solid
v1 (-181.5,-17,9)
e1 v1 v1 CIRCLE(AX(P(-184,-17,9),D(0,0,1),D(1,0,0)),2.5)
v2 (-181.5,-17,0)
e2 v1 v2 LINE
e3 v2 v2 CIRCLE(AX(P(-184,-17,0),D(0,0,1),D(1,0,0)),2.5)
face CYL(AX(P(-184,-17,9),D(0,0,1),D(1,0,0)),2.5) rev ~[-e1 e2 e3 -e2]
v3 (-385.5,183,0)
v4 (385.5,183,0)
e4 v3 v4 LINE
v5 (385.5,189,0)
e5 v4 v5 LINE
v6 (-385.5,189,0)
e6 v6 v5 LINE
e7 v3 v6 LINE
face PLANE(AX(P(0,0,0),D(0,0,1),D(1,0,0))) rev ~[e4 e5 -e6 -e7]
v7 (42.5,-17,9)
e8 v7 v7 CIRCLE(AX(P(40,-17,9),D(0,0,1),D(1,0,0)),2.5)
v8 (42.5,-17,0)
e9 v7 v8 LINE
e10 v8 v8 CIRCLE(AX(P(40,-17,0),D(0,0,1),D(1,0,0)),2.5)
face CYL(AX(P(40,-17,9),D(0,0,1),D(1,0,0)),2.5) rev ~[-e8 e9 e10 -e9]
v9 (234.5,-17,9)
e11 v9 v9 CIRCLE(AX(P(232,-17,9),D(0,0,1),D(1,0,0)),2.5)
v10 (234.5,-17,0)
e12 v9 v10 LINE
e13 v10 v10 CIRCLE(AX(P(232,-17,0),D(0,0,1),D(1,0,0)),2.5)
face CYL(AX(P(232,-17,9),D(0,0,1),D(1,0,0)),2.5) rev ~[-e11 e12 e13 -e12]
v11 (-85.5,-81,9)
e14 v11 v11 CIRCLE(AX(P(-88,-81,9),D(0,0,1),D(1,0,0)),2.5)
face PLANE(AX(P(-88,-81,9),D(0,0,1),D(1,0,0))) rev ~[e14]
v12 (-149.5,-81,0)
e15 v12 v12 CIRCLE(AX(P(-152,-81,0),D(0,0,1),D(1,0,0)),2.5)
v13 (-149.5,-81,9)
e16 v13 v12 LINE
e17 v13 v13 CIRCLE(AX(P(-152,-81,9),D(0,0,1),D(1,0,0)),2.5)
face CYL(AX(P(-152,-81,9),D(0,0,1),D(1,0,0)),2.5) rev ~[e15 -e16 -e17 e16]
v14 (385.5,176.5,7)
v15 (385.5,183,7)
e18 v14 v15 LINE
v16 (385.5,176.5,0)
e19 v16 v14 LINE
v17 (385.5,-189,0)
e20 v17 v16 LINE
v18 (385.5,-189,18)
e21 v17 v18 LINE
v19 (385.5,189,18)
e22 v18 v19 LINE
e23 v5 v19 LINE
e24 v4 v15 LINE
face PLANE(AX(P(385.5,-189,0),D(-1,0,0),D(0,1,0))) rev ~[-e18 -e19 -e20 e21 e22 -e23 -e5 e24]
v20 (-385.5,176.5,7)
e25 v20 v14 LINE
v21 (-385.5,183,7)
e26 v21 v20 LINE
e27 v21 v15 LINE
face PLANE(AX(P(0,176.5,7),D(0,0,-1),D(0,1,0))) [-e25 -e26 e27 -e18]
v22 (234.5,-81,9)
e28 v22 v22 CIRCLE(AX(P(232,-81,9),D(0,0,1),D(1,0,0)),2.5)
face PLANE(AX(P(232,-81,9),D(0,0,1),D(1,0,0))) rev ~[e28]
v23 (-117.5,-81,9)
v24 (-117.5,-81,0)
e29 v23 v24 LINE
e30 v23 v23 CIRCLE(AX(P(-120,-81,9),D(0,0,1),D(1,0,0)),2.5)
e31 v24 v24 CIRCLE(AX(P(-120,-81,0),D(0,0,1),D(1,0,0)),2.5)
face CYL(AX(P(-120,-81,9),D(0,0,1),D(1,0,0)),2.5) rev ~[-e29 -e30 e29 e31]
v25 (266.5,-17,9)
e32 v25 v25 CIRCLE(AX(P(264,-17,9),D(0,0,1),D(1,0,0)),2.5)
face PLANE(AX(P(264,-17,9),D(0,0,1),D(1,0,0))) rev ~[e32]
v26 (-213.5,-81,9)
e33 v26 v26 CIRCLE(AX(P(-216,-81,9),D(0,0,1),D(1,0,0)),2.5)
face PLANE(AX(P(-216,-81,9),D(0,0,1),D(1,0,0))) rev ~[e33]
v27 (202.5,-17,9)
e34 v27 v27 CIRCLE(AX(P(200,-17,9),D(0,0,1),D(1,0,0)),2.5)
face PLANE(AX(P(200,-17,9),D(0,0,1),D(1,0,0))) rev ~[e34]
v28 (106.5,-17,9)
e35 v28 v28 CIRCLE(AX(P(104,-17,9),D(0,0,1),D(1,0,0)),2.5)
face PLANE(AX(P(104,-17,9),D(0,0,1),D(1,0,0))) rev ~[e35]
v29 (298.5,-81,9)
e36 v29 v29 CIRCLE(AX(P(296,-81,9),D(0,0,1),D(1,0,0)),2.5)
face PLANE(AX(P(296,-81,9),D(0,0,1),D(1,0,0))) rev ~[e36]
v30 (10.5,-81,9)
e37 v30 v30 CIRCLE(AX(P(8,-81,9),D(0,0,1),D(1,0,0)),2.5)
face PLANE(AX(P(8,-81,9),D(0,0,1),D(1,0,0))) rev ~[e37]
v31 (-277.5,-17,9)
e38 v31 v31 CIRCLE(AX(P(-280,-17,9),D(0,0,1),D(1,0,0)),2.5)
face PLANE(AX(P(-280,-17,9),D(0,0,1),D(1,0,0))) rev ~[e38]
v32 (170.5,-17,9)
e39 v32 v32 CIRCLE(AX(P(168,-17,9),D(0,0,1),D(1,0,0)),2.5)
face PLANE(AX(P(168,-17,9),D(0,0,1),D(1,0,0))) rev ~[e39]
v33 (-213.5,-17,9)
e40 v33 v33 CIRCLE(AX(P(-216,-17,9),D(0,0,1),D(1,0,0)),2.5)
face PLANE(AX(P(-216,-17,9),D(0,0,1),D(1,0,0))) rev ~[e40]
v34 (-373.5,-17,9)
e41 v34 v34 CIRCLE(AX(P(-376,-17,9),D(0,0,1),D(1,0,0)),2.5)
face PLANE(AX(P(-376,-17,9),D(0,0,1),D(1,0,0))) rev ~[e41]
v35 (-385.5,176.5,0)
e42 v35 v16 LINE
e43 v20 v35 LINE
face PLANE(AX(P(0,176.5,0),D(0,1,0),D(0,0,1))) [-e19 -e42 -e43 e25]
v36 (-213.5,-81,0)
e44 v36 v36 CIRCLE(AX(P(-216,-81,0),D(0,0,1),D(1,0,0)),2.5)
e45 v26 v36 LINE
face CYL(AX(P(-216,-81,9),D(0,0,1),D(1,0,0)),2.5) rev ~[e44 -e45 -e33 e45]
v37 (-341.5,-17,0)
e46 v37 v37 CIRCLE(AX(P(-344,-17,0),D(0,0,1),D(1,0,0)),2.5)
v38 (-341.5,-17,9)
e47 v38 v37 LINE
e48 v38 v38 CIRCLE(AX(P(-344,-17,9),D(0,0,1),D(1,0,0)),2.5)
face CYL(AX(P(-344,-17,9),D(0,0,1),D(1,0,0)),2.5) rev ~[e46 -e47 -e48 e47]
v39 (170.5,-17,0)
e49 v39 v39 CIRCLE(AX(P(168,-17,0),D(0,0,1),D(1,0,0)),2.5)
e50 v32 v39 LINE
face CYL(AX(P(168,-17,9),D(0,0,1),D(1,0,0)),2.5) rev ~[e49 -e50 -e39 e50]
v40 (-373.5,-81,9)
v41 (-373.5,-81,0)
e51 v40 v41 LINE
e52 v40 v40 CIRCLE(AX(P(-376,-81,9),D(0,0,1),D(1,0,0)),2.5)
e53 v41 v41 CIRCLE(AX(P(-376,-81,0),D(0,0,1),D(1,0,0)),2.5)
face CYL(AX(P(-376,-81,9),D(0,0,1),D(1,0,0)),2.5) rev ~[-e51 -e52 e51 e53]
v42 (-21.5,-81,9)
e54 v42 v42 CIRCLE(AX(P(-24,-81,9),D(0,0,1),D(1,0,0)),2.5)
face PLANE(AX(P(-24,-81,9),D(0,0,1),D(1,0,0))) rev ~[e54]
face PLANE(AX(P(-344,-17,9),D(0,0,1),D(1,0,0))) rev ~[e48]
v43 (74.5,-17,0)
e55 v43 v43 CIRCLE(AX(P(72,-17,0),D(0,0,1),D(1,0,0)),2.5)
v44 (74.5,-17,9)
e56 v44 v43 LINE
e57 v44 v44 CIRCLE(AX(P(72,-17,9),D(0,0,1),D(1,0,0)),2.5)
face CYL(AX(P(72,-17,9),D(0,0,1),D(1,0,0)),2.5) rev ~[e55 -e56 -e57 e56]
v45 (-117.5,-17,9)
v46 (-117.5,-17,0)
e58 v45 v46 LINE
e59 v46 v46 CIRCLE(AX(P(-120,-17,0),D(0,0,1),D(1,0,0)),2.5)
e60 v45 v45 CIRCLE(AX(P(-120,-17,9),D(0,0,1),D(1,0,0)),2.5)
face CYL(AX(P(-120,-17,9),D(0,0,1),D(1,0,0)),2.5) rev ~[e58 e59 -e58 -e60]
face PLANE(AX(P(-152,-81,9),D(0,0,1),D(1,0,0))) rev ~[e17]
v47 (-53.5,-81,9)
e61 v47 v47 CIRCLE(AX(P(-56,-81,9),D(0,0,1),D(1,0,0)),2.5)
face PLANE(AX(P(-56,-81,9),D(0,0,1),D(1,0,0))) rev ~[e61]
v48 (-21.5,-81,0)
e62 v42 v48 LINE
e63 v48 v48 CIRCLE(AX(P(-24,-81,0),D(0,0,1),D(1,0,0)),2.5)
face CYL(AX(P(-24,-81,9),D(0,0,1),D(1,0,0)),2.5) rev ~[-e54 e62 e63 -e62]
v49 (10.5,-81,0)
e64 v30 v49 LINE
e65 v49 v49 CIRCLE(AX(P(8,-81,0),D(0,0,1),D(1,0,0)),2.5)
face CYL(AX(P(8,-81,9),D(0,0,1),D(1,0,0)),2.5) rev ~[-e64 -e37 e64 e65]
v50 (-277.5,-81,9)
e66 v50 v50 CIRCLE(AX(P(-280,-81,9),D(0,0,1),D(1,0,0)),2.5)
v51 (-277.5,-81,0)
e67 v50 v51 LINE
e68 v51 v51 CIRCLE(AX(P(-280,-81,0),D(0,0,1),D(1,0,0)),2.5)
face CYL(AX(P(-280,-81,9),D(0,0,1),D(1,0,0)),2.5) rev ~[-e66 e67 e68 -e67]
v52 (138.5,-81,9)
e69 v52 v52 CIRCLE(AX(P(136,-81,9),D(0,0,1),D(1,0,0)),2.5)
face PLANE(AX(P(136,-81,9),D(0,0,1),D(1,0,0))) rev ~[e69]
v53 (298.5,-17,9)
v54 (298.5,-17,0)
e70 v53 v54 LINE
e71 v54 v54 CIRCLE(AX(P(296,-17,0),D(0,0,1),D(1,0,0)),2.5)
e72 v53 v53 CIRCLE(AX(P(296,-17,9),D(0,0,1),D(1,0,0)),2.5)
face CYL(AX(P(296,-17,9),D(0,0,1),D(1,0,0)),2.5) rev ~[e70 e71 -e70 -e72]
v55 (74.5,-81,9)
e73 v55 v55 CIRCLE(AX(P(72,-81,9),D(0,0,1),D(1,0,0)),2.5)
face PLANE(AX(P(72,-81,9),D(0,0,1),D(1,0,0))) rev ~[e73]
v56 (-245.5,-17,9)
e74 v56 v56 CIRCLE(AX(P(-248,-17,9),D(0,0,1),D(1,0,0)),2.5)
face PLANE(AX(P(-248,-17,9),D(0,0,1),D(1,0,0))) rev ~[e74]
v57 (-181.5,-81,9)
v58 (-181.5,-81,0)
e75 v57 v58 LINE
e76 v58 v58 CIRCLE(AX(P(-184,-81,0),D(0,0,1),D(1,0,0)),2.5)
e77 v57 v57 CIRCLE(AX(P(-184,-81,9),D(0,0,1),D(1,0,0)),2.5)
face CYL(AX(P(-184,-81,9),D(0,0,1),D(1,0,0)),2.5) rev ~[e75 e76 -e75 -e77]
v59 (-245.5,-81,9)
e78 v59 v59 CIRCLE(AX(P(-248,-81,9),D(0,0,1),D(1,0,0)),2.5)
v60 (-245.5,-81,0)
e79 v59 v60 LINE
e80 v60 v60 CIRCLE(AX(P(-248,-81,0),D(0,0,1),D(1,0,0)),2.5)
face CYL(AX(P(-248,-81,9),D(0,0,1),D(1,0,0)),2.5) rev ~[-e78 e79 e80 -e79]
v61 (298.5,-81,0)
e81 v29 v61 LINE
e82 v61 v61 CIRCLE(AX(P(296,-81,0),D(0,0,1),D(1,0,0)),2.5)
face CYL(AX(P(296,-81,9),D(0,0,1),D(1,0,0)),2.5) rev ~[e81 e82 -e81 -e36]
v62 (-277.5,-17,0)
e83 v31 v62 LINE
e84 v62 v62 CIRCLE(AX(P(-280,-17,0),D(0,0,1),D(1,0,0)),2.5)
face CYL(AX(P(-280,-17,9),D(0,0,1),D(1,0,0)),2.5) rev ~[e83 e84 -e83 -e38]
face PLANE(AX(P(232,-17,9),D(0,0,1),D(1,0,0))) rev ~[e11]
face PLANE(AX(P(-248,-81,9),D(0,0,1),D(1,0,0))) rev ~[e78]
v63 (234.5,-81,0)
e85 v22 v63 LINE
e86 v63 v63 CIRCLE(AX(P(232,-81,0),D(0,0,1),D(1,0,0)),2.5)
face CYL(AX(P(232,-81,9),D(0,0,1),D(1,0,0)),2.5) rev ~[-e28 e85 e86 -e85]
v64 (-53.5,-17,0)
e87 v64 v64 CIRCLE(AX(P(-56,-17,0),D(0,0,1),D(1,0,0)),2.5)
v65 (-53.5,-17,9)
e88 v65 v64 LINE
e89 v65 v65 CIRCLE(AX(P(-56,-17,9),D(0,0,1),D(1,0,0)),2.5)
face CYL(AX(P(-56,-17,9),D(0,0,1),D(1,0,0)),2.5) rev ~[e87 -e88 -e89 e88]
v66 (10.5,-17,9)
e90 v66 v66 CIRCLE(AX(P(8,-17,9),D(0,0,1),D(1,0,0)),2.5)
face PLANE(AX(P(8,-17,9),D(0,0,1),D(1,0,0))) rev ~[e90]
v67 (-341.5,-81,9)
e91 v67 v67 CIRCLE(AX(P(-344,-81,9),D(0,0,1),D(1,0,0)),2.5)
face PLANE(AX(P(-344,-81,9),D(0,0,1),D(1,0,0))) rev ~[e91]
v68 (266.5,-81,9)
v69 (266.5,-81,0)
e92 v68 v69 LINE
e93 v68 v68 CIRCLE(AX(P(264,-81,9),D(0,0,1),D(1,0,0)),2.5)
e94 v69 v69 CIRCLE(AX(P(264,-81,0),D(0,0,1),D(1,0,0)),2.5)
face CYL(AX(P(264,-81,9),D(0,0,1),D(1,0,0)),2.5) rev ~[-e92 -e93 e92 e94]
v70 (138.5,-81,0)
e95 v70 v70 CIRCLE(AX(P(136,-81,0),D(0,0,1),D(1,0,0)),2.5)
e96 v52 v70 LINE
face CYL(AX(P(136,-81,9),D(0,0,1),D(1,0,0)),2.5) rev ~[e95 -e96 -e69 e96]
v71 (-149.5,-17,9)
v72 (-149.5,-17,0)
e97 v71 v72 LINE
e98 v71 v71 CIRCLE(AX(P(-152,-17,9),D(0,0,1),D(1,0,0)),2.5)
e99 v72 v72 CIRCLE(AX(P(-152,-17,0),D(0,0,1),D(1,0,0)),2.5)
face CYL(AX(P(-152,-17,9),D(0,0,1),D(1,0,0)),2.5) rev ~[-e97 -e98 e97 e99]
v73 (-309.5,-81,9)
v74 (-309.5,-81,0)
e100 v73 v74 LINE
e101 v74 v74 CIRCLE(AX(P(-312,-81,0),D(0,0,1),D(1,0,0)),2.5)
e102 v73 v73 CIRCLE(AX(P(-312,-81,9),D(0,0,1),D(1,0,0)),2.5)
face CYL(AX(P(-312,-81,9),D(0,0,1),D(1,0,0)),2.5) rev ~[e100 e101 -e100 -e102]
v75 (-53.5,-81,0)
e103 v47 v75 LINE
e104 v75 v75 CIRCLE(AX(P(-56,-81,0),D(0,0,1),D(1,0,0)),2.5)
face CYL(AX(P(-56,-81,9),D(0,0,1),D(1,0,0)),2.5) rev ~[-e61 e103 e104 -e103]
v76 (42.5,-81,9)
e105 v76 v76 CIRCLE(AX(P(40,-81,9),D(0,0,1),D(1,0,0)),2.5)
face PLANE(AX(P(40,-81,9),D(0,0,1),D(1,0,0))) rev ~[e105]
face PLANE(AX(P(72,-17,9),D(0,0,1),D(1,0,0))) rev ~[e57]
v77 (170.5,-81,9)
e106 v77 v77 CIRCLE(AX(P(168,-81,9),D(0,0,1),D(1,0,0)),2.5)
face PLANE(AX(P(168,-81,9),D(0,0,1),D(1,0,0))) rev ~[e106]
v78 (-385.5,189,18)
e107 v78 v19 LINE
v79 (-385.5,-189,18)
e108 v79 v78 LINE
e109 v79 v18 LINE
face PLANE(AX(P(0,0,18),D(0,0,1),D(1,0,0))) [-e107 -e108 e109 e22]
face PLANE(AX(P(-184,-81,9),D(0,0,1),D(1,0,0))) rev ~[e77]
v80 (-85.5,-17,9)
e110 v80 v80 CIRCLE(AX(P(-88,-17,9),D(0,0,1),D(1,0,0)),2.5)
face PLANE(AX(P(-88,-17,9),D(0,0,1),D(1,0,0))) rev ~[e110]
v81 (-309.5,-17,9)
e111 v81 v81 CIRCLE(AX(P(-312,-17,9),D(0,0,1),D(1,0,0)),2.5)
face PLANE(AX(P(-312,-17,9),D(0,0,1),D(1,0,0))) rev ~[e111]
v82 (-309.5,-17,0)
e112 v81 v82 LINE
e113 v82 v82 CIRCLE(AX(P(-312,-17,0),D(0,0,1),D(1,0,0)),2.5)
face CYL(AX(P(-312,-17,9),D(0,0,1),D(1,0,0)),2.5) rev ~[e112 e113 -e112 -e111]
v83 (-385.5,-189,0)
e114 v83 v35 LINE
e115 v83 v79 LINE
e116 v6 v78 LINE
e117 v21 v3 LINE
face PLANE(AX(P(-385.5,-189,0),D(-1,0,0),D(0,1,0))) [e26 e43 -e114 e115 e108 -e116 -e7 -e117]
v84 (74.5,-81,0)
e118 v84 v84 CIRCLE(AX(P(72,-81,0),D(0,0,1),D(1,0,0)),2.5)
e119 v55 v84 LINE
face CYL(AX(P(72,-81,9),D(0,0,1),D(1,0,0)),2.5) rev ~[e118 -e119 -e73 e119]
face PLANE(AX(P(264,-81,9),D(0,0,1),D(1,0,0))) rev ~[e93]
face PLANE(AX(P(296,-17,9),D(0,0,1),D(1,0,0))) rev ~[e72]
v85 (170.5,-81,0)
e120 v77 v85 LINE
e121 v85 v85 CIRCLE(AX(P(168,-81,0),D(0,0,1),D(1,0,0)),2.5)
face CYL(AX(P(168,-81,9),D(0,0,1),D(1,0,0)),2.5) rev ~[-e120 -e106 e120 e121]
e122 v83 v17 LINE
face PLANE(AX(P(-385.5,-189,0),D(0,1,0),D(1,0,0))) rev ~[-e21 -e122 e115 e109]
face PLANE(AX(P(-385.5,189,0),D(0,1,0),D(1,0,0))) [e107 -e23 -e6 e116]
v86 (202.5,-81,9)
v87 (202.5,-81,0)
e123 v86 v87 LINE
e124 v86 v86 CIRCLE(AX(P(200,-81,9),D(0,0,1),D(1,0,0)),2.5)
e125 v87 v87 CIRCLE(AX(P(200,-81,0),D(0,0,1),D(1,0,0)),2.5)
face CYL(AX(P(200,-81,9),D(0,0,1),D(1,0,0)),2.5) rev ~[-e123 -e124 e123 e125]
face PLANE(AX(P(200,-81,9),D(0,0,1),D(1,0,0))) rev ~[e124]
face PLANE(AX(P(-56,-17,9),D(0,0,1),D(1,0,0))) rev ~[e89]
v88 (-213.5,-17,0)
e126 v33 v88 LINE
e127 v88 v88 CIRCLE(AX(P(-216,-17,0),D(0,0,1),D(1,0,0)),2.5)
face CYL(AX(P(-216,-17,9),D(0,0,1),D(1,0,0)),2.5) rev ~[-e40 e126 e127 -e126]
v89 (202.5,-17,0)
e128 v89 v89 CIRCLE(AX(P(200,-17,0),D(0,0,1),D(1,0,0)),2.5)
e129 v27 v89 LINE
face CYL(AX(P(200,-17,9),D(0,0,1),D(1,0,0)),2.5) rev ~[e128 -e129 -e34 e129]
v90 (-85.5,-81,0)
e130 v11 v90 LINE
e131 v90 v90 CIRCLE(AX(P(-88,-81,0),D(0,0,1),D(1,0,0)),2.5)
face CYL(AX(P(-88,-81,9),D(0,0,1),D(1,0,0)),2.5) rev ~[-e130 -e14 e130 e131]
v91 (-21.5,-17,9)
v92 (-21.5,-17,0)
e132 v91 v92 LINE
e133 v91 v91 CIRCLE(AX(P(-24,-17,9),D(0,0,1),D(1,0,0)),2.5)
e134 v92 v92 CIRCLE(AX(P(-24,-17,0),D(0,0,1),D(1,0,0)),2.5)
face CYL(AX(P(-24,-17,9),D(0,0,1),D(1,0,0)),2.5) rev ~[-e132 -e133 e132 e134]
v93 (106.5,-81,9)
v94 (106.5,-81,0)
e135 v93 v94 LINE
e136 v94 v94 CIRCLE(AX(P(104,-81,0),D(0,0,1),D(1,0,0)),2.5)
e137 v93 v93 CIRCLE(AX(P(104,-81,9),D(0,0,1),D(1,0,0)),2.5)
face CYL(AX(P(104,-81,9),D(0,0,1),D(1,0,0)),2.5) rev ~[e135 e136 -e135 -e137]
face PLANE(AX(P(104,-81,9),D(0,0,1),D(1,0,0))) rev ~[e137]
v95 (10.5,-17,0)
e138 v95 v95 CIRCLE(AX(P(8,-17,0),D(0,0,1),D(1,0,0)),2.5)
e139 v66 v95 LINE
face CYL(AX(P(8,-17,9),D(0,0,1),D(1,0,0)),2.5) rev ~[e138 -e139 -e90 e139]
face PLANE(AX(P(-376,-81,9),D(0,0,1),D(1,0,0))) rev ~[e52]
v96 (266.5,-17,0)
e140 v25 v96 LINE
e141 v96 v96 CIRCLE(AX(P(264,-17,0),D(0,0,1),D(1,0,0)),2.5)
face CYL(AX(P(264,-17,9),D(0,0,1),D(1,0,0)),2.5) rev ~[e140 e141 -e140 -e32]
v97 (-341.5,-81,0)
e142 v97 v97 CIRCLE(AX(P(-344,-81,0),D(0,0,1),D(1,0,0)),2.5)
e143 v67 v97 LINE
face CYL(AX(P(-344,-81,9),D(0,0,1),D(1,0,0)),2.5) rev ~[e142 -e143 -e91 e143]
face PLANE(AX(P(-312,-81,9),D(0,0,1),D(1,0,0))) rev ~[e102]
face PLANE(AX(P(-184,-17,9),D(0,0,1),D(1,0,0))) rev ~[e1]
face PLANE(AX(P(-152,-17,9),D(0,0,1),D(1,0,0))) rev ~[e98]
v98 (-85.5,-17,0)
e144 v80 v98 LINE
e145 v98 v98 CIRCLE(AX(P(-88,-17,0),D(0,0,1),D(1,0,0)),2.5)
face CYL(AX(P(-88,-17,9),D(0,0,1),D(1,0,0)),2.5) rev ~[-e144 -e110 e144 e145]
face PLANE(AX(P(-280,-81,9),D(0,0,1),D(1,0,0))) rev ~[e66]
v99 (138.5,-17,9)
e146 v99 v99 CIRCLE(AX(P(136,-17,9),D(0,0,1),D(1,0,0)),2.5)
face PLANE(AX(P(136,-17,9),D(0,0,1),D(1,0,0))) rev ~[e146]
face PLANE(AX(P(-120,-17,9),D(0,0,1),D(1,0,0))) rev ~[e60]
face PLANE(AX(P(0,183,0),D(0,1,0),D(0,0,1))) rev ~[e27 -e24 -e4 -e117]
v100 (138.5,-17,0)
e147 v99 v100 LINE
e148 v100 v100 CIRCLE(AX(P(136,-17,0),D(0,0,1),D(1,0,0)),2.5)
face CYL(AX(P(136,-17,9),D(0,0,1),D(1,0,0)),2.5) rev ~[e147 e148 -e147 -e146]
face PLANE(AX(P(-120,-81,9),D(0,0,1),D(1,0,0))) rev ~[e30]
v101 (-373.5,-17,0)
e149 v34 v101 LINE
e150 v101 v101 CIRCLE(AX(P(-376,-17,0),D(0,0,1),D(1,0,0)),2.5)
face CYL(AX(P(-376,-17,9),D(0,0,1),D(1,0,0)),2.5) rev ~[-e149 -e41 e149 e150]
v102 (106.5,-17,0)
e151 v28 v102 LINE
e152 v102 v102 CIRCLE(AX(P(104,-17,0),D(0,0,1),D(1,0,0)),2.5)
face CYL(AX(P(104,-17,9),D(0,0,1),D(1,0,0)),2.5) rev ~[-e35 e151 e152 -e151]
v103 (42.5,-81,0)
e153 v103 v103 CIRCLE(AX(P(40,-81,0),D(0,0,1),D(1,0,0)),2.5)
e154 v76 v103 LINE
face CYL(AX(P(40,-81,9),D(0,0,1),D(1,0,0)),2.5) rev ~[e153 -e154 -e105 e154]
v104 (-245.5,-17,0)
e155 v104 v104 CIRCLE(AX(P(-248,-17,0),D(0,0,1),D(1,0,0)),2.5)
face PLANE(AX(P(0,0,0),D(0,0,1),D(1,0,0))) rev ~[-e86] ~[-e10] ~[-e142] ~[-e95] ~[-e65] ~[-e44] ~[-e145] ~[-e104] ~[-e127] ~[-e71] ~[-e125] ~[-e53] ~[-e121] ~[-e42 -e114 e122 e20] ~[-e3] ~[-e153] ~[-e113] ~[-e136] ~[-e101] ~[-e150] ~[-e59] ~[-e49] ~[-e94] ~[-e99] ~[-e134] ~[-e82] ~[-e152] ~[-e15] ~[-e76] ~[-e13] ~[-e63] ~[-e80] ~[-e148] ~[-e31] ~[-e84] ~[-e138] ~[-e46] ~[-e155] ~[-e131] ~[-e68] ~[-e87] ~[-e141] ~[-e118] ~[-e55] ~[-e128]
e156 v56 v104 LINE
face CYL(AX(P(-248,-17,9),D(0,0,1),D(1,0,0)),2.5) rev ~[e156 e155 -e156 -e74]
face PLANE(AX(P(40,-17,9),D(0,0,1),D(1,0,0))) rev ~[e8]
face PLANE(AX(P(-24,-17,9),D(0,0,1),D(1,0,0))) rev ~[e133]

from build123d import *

# Parameters (mm, degrees)
SKETCH_W             = 771
SKETCH_H             = 378
PAD_DEPTH            = 18
SKETCH001_R          = 2.5
POCKET_DEPTH         = 9
SKETCH002_W          = 6.5
SKETCH002_H          = 7
POCKET001_DEPTH      = 550
POCKET001_DEPTH_BACK = -550


with BuildPart() as part:
    # Sketch → Pad (new body)
    with BuildSketch(Plane.XY):
        Rectangle(SKETCH_W, SKETCH_H)
    extrude(amount=PAD_DEPTH)

    # Sketch001 → Pocket (cut)
    with BuildSketch(Plane.XY.offset(9)):
        with Locations((-376, -81)):
            Circle(SKETCH001_R)
        with Locations((-344, -81)):
            Circle(SKETCH001_R)
        with Locations((-312, -81)):
            Circle(SKETCH001_R)
        with Locations((-280, -81)):
            Circle(SKETCH001_R)
        with Locations((-248, -81)):
            Circle(SKETCH001_R)
        with Locations((-216, -81)):
            Circle(SKETCH001_R)
        with Locations((-184, -81)):
            Circle(SKETCH001_R)
        with Locations((-152, -81)):
            Circle(SKETCH001_R)
        with Locations((-120, -81)):
            Circle(SKETCH001_R)
        with Locations((-88, -81)):
            Circle(SKETCH001_R)
        with Locations((-56, -81)):
            Circle(SKETCH001_R)
        with Locations((-24, -81)):
            Circle(SKETCH001_R)
        with Locations((8, -81)):
            Circle(SKETCH001_R)
        with Locations((40, -81)):
            Circle(SKETCH001_R)
        with Locations((72, -81)):
            Circle(SKETCH001_R)
        with Locations((104, -81)):
            Circle(SKETCH001_R)
        with Locations((136, -81)):
            Circle(SKETCH001_R)
        with Locations((168, -81)):
            Circle(SKETCH001_R)
        with Locations((200, -81)):
            Circle(SKETCH001_R)
        with Locations((232, -81)):
            Circle(SKETCH001_R)
        with Locations((264, -81)):
            Circle(SKETCH001_R)
        with Locations((296, -81)):
            Circle(SKETCH001_R)
        with Locations((-376, -17)):
            Circle(SKETCH001_R)
        with Locations((-344, -17)):
            Circle(SKETCH001_R)
        with Locations((-312, -17)):
            Circle(SKETCH001_R)
        with Locations((-280, -17)):
            Circle(SKETCH001_R)
        with Locations((-248, -17)):
            Circle(SKETCH001_R)
        with Locations((-216, -17)):
            Circle(SKETCH001_R)
        with Locations((-184, -17)):
            Circle(SKETCH001_R)
        with Locations((-152, -17)):
            Circle(SKETCH001_R)
        with Locations((-120, -17)):
            Circle(SKETCH001_R)
        with Locations((-88, -17)):
            Circle(SKETCH001_R)
        with Locations((-56, -17)):
            Circle(SKETCH001_R)
        with Locations((-24, -17)):
            Circle(SKETCH001_R)
        with Locations((8, -17)):
            Circle(SKETCH001_R)
        with Locations((40, -17)):
            Circle(SKETCH001_R)
        with Locations((72, -17)):
            Circle(SKETCH001_R)
        with Locations((104, -17)):
            Circle(SKETCH001_R)
        with Locations((136, -17)):
            Circle(SKETCH001_R)
        with Locations((168, -17)):
            Circle(SKETCH001_R)
        with Locations((200, -17)):
            Circle(SKETCH001_R)
        with Locations((232, -17)):
            Circle(SKETCH001_R)
        with Locations((264, -17)):
            Circle(SKETCH001_R)
        with Locations((296, -17)):
            Circle(SKETCH001_R)
    extrude(amount=-POCKET_DEPTH, mode=Mode.SUBTRACT)

    # Sketch002 → Pocket001 (cut, two sides)
    with BuildSketch(Plane.YZ) as pocket001_sk:
        with Locations((179.75, 3.5)):
            Rectangle(SKETCH002_W, SKETCH002_H)
    extrude(amount=-POCKET001_DEPTH, mode=Mode.SUBTRACT)
    extrude(pocket001_sk.sketch, amount=-POCKET001_DEPTH_BACK, mode=Mode.SUBTRACT)


solid = part.part
